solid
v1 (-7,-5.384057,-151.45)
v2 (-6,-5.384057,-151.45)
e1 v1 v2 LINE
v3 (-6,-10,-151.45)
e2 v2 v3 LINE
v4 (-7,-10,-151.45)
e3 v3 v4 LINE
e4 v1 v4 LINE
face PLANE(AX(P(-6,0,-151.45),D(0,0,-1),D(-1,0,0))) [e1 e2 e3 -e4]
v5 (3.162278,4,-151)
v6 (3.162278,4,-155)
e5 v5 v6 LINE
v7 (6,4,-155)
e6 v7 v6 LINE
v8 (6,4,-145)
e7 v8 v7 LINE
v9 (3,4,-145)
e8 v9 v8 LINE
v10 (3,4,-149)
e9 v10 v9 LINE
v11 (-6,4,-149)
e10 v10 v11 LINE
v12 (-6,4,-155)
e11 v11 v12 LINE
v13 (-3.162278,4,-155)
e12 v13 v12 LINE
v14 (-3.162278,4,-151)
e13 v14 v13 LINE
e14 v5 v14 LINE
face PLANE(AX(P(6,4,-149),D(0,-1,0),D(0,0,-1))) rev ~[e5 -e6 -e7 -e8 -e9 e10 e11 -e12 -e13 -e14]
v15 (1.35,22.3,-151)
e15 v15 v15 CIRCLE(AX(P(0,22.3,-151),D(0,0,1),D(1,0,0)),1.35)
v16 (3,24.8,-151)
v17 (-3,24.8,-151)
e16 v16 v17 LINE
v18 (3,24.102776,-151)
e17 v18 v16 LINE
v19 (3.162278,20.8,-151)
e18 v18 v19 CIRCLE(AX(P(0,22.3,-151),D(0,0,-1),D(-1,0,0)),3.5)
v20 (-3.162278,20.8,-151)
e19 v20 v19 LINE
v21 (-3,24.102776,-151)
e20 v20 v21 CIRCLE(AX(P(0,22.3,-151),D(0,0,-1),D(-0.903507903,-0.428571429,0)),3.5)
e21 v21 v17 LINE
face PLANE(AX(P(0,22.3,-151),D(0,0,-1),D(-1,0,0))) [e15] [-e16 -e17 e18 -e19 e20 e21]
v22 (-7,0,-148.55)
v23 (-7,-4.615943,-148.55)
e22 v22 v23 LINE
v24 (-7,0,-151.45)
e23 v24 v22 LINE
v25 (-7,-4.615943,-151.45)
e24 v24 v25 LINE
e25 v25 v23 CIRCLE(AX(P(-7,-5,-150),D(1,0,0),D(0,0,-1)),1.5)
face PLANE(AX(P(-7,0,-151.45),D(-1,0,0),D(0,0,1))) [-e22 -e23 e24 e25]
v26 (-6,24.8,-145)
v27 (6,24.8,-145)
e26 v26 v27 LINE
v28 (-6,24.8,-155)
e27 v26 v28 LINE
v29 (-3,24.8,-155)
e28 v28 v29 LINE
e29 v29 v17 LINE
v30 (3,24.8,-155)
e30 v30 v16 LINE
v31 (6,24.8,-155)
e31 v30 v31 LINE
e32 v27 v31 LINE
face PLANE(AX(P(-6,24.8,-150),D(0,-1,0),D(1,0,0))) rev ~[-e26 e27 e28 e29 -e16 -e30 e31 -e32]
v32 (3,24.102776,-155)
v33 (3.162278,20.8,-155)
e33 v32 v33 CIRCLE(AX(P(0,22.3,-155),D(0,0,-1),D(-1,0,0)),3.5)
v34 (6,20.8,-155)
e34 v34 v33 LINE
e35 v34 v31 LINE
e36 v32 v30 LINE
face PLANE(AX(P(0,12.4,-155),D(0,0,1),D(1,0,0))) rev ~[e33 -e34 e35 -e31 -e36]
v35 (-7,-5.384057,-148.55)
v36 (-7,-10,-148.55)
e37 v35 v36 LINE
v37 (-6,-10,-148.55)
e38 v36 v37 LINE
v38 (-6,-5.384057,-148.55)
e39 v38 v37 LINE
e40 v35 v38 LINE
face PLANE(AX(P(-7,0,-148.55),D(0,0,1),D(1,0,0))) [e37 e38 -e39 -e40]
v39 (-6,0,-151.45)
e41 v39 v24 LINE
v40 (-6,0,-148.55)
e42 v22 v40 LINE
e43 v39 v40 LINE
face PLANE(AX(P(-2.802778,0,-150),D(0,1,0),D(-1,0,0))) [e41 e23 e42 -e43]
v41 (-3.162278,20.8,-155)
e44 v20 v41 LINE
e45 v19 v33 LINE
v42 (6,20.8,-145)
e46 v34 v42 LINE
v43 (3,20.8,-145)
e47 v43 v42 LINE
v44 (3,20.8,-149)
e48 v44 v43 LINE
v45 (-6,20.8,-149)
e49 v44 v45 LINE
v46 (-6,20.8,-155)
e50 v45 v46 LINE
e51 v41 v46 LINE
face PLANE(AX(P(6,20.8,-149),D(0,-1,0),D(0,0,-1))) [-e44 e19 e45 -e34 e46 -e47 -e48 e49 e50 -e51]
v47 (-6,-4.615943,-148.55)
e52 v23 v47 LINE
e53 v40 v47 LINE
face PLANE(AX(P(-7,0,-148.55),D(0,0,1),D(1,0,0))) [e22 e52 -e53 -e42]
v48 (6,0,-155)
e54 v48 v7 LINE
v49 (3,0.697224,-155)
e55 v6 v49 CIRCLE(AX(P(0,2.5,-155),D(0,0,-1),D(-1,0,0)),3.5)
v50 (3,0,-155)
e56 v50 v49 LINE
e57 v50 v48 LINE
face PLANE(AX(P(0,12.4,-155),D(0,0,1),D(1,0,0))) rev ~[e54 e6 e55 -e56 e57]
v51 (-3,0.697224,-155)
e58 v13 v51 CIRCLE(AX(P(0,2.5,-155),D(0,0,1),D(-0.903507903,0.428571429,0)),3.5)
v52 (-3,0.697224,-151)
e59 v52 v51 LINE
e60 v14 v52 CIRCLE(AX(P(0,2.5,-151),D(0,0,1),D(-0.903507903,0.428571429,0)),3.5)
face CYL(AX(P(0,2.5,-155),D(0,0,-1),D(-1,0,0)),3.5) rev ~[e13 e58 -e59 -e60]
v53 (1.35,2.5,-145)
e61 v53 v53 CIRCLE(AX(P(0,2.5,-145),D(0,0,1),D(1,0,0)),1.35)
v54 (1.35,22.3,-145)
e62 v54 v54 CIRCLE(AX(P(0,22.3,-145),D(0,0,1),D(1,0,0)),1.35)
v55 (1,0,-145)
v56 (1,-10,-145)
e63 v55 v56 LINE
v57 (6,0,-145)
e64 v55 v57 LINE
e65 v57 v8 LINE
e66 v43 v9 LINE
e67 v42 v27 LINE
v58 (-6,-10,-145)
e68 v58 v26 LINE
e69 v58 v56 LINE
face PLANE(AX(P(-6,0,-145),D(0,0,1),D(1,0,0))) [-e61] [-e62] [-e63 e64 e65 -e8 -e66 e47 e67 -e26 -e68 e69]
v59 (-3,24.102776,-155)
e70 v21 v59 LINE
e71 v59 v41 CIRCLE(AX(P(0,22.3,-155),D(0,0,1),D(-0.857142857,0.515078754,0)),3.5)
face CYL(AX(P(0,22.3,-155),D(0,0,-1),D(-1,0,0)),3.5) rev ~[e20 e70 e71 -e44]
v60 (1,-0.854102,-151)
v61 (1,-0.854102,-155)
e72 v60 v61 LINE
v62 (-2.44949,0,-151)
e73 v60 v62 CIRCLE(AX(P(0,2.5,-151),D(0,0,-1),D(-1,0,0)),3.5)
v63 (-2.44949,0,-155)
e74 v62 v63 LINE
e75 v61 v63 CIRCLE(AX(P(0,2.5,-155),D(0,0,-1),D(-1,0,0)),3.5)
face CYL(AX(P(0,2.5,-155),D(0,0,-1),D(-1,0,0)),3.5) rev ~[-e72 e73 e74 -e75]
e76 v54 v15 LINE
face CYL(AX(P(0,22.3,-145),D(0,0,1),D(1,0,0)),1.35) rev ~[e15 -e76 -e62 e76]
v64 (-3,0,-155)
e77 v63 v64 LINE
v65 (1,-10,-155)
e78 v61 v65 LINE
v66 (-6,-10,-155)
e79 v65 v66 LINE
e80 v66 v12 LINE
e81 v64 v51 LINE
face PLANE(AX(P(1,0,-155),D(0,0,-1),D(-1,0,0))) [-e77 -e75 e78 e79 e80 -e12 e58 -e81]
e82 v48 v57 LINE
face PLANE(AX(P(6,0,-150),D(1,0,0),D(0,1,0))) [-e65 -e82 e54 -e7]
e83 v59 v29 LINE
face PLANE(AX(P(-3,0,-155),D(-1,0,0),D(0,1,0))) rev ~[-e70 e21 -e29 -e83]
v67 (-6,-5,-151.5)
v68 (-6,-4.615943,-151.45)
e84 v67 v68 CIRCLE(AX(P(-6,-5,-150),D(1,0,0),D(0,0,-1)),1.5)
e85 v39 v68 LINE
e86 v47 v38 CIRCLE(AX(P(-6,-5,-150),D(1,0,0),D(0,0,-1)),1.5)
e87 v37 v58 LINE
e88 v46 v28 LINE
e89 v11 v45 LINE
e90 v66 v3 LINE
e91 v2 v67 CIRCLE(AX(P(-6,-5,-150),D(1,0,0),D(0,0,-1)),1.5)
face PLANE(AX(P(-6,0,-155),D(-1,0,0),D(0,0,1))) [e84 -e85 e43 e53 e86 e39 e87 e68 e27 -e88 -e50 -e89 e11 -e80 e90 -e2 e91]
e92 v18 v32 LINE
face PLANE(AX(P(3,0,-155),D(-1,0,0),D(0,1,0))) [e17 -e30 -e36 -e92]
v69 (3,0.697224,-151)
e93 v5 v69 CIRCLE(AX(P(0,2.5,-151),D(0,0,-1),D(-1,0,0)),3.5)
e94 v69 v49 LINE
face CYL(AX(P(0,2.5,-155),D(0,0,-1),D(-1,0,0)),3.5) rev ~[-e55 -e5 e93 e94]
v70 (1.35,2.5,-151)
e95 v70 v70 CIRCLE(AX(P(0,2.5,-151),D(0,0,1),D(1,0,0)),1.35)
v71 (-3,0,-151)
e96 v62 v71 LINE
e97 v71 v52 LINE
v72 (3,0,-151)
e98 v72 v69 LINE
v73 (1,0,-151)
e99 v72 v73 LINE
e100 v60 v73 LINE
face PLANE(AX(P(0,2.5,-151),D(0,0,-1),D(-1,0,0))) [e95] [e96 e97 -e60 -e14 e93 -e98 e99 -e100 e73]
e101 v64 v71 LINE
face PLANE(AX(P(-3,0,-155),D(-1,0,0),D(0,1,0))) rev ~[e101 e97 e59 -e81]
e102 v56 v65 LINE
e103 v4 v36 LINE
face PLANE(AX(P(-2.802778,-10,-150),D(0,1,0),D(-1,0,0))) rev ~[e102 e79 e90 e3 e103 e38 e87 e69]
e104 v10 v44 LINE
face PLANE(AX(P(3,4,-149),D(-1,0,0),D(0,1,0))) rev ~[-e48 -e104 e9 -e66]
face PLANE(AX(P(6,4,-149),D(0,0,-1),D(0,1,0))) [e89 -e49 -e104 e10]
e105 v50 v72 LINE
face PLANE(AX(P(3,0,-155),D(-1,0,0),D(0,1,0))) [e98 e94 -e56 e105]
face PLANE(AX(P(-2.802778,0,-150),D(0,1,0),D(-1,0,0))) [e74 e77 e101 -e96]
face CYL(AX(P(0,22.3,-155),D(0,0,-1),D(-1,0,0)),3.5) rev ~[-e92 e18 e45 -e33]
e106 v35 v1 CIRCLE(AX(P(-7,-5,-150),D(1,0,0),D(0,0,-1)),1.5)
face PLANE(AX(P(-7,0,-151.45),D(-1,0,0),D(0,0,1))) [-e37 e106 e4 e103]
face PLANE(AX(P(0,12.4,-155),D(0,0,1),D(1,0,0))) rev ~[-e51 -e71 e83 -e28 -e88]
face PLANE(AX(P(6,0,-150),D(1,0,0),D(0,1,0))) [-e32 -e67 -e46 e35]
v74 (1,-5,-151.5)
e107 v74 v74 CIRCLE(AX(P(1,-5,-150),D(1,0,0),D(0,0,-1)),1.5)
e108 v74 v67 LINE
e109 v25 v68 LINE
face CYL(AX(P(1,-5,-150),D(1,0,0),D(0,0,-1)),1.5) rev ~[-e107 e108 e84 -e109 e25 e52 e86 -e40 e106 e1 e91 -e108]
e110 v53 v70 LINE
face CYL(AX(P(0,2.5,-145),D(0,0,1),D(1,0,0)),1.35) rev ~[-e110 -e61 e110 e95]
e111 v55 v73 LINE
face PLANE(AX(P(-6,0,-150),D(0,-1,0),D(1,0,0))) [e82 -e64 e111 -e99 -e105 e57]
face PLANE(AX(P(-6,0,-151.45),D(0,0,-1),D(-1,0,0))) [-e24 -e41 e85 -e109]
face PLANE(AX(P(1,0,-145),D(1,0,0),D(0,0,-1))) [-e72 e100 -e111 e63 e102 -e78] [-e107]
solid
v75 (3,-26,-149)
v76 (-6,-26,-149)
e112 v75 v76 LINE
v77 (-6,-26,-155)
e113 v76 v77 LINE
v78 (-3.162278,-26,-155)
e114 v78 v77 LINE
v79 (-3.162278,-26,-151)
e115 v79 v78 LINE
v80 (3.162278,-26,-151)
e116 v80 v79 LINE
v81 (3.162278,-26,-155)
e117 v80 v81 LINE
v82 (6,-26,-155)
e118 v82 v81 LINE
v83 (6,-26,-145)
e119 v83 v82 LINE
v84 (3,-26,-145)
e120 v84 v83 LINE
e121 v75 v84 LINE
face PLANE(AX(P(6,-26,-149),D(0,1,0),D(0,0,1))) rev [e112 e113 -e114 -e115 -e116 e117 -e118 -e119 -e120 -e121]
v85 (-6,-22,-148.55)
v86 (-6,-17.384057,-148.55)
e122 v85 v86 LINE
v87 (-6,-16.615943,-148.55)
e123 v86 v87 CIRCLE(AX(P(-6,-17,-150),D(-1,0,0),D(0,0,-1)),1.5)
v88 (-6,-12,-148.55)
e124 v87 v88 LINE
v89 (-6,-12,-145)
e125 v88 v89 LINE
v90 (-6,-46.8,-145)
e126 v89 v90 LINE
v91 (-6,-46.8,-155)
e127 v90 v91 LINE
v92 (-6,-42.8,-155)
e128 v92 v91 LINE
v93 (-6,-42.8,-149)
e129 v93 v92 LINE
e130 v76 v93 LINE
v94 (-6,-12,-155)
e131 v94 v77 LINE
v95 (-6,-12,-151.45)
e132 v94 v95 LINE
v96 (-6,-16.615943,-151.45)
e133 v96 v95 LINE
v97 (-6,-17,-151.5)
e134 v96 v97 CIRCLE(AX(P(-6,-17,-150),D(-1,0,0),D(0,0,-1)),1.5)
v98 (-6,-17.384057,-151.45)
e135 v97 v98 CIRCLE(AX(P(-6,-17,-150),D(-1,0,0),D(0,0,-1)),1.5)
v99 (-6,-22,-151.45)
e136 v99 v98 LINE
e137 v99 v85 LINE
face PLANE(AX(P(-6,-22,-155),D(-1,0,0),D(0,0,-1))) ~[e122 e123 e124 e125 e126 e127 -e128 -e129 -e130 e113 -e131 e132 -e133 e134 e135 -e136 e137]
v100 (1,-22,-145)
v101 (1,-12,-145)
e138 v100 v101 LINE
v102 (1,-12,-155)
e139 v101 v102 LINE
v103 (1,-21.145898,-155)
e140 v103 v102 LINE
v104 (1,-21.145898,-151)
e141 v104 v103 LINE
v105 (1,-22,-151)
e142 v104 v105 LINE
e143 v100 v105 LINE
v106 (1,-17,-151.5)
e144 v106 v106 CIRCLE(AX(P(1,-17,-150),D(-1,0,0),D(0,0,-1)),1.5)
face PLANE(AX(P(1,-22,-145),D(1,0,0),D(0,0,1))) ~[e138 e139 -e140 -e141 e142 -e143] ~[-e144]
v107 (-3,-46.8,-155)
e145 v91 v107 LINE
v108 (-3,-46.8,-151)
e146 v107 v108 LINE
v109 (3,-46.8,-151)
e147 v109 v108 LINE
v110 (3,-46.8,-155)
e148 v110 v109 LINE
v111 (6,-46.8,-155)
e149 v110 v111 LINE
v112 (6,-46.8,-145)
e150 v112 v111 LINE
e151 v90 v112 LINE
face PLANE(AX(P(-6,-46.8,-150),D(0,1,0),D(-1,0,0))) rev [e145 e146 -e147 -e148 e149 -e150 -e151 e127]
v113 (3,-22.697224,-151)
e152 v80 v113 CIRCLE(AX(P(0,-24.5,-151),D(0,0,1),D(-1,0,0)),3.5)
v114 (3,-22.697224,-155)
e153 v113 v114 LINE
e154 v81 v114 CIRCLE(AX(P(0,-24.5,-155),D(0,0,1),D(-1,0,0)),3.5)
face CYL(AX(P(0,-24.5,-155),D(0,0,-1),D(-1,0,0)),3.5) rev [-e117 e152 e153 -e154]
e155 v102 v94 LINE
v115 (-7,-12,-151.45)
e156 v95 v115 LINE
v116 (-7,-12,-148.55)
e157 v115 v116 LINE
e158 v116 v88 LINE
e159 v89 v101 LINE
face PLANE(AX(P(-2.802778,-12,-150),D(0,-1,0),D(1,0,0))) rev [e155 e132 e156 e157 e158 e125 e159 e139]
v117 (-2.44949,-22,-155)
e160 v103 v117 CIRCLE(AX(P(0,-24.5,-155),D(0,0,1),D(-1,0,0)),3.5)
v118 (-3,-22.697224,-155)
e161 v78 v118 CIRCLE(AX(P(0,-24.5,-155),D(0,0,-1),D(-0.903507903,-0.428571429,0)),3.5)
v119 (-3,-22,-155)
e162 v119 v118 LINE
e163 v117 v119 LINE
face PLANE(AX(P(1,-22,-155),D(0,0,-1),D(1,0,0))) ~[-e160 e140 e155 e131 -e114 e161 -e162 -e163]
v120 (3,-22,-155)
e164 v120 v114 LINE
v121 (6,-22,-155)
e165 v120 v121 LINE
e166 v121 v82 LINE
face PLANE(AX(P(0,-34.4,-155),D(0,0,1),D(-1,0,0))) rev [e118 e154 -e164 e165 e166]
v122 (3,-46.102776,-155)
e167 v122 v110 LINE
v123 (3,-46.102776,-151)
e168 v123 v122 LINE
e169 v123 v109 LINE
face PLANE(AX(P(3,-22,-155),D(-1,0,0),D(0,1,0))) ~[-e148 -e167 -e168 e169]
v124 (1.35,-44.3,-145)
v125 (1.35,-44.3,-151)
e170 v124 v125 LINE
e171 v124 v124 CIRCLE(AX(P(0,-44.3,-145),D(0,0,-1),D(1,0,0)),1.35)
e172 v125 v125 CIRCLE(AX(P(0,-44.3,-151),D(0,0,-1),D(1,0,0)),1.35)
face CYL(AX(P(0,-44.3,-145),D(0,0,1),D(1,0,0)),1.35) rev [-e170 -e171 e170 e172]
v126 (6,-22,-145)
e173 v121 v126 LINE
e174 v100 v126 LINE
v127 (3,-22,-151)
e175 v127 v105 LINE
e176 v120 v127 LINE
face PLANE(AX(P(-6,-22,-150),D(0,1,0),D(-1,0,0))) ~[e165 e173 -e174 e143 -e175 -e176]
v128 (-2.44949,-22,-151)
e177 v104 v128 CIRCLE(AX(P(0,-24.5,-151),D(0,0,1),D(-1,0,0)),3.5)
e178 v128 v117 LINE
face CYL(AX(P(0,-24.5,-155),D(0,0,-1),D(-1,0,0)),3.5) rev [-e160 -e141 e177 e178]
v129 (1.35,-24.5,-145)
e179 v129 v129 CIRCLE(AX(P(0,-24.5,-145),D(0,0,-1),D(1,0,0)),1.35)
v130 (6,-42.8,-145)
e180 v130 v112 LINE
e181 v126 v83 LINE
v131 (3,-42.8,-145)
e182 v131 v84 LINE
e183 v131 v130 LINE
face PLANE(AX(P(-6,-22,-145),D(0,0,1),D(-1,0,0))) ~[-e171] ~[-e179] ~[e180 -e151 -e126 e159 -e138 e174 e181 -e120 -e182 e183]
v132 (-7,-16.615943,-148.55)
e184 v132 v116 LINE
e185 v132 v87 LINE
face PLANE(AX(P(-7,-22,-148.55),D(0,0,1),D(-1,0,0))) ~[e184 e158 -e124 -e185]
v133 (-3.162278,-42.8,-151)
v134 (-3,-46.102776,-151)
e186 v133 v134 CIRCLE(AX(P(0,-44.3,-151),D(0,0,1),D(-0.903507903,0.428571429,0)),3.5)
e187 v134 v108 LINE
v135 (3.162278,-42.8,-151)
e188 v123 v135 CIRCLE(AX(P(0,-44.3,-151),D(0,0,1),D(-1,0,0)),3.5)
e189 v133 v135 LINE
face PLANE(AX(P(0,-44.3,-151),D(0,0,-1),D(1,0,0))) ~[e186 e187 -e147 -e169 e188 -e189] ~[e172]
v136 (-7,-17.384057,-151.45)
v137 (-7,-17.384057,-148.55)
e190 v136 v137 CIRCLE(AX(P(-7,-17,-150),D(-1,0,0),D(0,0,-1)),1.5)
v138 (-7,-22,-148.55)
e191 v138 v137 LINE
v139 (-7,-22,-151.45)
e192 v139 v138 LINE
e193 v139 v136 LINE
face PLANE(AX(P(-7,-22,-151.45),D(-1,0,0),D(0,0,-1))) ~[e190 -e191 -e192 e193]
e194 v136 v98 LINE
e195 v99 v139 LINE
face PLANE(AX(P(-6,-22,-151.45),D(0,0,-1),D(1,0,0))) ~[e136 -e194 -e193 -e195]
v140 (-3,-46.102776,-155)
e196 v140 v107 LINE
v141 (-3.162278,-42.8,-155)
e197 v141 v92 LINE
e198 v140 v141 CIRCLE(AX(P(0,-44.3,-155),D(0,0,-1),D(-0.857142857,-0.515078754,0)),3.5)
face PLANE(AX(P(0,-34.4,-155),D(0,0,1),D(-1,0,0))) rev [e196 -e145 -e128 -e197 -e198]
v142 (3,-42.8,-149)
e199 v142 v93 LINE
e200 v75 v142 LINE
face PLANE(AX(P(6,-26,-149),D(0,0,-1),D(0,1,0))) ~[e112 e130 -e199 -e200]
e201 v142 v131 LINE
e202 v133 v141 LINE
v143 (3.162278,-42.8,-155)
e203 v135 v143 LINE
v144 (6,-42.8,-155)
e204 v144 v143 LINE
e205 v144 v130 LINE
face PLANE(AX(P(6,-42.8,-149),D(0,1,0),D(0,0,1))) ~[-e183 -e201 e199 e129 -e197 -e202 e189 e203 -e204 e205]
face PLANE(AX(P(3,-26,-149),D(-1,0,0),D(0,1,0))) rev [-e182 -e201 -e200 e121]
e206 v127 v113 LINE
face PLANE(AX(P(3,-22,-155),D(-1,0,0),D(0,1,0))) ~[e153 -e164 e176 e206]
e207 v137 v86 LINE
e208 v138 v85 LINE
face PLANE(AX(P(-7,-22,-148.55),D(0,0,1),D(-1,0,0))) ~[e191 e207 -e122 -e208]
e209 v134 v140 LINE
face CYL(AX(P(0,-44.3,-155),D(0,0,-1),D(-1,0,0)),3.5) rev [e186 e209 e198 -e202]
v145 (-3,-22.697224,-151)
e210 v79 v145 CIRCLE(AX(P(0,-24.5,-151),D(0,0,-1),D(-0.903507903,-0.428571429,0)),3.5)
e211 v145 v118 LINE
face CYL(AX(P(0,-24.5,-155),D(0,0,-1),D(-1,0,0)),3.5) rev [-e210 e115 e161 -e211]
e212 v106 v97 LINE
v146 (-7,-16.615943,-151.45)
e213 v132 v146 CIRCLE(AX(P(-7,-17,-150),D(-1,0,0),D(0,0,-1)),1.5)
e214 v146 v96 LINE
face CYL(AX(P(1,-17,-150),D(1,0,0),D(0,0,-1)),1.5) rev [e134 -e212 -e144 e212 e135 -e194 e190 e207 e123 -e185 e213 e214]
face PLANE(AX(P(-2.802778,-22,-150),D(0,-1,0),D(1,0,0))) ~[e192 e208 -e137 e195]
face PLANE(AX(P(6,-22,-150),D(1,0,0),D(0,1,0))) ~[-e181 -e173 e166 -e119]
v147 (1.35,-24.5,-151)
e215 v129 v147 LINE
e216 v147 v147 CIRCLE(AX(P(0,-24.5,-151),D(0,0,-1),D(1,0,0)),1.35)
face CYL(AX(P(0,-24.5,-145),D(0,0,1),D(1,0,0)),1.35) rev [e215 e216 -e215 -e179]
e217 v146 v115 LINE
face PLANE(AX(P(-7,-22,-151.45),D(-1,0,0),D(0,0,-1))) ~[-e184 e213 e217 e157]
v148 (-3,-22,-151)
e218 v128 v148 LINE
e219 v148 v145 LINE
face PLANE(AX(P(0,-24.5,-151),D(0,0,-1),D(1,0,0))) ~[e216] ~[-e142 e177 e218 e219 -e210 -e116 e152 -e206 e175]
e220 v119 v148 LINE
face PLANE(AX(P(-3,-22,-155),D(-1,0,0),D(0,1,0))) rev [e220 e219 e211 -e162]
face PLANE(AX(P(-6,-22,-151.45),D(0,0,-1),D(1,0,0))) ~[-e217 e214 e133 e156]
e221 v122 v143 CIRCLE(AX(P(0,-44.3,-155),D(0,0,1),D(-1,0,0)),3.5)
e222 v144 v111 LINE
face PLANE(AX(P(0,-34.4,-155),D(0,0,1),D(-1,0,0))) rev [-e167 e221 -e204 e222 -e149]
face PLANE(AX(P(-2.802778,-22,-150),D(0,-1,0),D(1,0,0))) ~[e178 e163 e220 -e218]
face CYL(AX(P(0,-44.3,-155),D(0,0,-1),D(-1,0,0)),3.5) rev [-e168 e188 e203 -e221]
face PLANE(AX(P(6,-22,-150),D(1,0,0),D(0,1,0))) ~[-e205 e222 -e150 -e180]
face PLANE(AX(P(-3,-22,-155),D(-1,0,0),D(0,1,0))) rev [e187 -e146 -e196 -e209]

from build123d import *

# Parameters (mm, degrees)
SKETCH7_W           = 12
SKETCH7_H           = 24.8
MAIN_DEPTH          = 5
SKETCH8_R           = 1.35
HOLES_DEPTH         = 11
SKETCH16_W          = 6
SKETCH16_H          = 16.8
FIXEXTRUSION_DEPTH  = 13
SKETCH17_W          = 6
SKETCH17_H          = 24.8
CUT_EXTRUDE1_DEPTH  = 4
SKETCH18_W          = 3
SKETCH18_H          = 16.8
CUT_EXTRUDE2_DEPTH  = 5
BOSS_EXTRUDE1_DEPTH = 10
SKETCH20_R          = 1.5
CUT_EXTRUDE3_DEPTH  = 9
SKETCH21_R          = 3.5
CUT_EXTRUDE4_DEPTH  = 4


with BuildPart() as part:
    # Sketch7 → Main (new body, symmetric)
    with BuildSketch(Plane.XY.offset(-150)):
        with Locations((0, 12.4)):
            Rectangle(SKETCH7_W, SKETCH7_H)
    extrude(amount=MAIN_DEPTH, both=True)

    # Sketch8 → Holes (cut, through all)
    with BuildSketch(Plane.XY.offset(-145)):
        with Locations((0, 22.3)):
            Circle(SKETCH8_R)
        with Locations((0, 2.5)):
            Circle(SKETCH8_R)
    extrude(amount=-HOLES_DEPTH, mode=Mode.SUBTRACT)

    # Sketch16 → FixExtrusion (cut, through all)
    with BuildSketch(Plane(origin=(6, 0, 0), x_dir=(0, 0, -1), z_dir=(1, 0, 0))):
        with Locations((152, 12.4)):
            Rectangle(SKETCH16_W, SKETCH16_H)
    extrude(amount=-FIXEXTRUSION_DEPTH, mode=Mode.SUBTRACT)

    # Sketch17 → Cut-Extrude1 (cut)
    with BuildSketch(Plane(origin=(0, 0, -155), x_dir=(-1, 0, 0), z_dir=(0, 0, -1))):
        with Locations((0, 12.4)):
            Rectangle(SKETCH17_W, SKETCH17_H)
    extrude(amount=-CUT_EXTRUDE1_DEPTH, mode=Mode.SUBTRACT)

    # Sketch18 → Cut-Extrude2 (cut, through all)
    with BuildSketch(Plane(origin=(0, 0, -149), x_dir=(-1, 0, 0), z_dir=(0, 0, -1))):
        with Locations((-4.5, 12.4)):
            Rectangle(SKETCH18_W, SKETCH18_H)
    extrude(amount=-CUT_EXTRUDE2_DEPTH, mode=Mode.SUBTRACT)

    # Sketch19 → Boss-Extrude1 (add)
    with BuildSketch(Plane.XZ):
        Polygon((1, -155), (-6, -155), (-6, -151.45), (-7, -151.45), (-7, -148.55), (-6, -148.55), (-6, -145), (1, -145), align=None)
    extrude(amount=BOSS_EXTRUDE1_DEPTH)

    # Sketch20 → Cut-Extrude3 (cut, through all)
    with BuildSketch(Plane(origin=(1, 0, 0), x_dir=(0, 0, -1), z_dir=(1, 0, 0))):
        with Locations((150, -5)):
            Circle(SKETCH20_R)
    extrude(amount=-CUT_EXTRUDE3_DEPTH, mode=Mode.SUBTRACT)

    # Sketch21 → Cut-Extrude4 (cut)
    with BuildSketch(Plane(origin=(0, 0, -155), x_dir=(-1, 0, 0), z_dir=(0, 0, -1))):
        with Locations((0, 2.5)):
            Circle(SKETCH21_R)
        with Locations((0, 22.3)):
            Circle(SKETCH21_R)
    extrude(amount=-CUT_EXTRUDE4_DEPTH, mode=Mode.SUBTRACT)


with BuildPart() as body_2:
    # Mirror2: mirrored copy
    add(part.part.mirror(Plane(origin=(0, -11, 0), x_dir=(0, 0, 1), z_dir=(0, -1, 0))))


solid = Compound([part.part, body_2.part])
